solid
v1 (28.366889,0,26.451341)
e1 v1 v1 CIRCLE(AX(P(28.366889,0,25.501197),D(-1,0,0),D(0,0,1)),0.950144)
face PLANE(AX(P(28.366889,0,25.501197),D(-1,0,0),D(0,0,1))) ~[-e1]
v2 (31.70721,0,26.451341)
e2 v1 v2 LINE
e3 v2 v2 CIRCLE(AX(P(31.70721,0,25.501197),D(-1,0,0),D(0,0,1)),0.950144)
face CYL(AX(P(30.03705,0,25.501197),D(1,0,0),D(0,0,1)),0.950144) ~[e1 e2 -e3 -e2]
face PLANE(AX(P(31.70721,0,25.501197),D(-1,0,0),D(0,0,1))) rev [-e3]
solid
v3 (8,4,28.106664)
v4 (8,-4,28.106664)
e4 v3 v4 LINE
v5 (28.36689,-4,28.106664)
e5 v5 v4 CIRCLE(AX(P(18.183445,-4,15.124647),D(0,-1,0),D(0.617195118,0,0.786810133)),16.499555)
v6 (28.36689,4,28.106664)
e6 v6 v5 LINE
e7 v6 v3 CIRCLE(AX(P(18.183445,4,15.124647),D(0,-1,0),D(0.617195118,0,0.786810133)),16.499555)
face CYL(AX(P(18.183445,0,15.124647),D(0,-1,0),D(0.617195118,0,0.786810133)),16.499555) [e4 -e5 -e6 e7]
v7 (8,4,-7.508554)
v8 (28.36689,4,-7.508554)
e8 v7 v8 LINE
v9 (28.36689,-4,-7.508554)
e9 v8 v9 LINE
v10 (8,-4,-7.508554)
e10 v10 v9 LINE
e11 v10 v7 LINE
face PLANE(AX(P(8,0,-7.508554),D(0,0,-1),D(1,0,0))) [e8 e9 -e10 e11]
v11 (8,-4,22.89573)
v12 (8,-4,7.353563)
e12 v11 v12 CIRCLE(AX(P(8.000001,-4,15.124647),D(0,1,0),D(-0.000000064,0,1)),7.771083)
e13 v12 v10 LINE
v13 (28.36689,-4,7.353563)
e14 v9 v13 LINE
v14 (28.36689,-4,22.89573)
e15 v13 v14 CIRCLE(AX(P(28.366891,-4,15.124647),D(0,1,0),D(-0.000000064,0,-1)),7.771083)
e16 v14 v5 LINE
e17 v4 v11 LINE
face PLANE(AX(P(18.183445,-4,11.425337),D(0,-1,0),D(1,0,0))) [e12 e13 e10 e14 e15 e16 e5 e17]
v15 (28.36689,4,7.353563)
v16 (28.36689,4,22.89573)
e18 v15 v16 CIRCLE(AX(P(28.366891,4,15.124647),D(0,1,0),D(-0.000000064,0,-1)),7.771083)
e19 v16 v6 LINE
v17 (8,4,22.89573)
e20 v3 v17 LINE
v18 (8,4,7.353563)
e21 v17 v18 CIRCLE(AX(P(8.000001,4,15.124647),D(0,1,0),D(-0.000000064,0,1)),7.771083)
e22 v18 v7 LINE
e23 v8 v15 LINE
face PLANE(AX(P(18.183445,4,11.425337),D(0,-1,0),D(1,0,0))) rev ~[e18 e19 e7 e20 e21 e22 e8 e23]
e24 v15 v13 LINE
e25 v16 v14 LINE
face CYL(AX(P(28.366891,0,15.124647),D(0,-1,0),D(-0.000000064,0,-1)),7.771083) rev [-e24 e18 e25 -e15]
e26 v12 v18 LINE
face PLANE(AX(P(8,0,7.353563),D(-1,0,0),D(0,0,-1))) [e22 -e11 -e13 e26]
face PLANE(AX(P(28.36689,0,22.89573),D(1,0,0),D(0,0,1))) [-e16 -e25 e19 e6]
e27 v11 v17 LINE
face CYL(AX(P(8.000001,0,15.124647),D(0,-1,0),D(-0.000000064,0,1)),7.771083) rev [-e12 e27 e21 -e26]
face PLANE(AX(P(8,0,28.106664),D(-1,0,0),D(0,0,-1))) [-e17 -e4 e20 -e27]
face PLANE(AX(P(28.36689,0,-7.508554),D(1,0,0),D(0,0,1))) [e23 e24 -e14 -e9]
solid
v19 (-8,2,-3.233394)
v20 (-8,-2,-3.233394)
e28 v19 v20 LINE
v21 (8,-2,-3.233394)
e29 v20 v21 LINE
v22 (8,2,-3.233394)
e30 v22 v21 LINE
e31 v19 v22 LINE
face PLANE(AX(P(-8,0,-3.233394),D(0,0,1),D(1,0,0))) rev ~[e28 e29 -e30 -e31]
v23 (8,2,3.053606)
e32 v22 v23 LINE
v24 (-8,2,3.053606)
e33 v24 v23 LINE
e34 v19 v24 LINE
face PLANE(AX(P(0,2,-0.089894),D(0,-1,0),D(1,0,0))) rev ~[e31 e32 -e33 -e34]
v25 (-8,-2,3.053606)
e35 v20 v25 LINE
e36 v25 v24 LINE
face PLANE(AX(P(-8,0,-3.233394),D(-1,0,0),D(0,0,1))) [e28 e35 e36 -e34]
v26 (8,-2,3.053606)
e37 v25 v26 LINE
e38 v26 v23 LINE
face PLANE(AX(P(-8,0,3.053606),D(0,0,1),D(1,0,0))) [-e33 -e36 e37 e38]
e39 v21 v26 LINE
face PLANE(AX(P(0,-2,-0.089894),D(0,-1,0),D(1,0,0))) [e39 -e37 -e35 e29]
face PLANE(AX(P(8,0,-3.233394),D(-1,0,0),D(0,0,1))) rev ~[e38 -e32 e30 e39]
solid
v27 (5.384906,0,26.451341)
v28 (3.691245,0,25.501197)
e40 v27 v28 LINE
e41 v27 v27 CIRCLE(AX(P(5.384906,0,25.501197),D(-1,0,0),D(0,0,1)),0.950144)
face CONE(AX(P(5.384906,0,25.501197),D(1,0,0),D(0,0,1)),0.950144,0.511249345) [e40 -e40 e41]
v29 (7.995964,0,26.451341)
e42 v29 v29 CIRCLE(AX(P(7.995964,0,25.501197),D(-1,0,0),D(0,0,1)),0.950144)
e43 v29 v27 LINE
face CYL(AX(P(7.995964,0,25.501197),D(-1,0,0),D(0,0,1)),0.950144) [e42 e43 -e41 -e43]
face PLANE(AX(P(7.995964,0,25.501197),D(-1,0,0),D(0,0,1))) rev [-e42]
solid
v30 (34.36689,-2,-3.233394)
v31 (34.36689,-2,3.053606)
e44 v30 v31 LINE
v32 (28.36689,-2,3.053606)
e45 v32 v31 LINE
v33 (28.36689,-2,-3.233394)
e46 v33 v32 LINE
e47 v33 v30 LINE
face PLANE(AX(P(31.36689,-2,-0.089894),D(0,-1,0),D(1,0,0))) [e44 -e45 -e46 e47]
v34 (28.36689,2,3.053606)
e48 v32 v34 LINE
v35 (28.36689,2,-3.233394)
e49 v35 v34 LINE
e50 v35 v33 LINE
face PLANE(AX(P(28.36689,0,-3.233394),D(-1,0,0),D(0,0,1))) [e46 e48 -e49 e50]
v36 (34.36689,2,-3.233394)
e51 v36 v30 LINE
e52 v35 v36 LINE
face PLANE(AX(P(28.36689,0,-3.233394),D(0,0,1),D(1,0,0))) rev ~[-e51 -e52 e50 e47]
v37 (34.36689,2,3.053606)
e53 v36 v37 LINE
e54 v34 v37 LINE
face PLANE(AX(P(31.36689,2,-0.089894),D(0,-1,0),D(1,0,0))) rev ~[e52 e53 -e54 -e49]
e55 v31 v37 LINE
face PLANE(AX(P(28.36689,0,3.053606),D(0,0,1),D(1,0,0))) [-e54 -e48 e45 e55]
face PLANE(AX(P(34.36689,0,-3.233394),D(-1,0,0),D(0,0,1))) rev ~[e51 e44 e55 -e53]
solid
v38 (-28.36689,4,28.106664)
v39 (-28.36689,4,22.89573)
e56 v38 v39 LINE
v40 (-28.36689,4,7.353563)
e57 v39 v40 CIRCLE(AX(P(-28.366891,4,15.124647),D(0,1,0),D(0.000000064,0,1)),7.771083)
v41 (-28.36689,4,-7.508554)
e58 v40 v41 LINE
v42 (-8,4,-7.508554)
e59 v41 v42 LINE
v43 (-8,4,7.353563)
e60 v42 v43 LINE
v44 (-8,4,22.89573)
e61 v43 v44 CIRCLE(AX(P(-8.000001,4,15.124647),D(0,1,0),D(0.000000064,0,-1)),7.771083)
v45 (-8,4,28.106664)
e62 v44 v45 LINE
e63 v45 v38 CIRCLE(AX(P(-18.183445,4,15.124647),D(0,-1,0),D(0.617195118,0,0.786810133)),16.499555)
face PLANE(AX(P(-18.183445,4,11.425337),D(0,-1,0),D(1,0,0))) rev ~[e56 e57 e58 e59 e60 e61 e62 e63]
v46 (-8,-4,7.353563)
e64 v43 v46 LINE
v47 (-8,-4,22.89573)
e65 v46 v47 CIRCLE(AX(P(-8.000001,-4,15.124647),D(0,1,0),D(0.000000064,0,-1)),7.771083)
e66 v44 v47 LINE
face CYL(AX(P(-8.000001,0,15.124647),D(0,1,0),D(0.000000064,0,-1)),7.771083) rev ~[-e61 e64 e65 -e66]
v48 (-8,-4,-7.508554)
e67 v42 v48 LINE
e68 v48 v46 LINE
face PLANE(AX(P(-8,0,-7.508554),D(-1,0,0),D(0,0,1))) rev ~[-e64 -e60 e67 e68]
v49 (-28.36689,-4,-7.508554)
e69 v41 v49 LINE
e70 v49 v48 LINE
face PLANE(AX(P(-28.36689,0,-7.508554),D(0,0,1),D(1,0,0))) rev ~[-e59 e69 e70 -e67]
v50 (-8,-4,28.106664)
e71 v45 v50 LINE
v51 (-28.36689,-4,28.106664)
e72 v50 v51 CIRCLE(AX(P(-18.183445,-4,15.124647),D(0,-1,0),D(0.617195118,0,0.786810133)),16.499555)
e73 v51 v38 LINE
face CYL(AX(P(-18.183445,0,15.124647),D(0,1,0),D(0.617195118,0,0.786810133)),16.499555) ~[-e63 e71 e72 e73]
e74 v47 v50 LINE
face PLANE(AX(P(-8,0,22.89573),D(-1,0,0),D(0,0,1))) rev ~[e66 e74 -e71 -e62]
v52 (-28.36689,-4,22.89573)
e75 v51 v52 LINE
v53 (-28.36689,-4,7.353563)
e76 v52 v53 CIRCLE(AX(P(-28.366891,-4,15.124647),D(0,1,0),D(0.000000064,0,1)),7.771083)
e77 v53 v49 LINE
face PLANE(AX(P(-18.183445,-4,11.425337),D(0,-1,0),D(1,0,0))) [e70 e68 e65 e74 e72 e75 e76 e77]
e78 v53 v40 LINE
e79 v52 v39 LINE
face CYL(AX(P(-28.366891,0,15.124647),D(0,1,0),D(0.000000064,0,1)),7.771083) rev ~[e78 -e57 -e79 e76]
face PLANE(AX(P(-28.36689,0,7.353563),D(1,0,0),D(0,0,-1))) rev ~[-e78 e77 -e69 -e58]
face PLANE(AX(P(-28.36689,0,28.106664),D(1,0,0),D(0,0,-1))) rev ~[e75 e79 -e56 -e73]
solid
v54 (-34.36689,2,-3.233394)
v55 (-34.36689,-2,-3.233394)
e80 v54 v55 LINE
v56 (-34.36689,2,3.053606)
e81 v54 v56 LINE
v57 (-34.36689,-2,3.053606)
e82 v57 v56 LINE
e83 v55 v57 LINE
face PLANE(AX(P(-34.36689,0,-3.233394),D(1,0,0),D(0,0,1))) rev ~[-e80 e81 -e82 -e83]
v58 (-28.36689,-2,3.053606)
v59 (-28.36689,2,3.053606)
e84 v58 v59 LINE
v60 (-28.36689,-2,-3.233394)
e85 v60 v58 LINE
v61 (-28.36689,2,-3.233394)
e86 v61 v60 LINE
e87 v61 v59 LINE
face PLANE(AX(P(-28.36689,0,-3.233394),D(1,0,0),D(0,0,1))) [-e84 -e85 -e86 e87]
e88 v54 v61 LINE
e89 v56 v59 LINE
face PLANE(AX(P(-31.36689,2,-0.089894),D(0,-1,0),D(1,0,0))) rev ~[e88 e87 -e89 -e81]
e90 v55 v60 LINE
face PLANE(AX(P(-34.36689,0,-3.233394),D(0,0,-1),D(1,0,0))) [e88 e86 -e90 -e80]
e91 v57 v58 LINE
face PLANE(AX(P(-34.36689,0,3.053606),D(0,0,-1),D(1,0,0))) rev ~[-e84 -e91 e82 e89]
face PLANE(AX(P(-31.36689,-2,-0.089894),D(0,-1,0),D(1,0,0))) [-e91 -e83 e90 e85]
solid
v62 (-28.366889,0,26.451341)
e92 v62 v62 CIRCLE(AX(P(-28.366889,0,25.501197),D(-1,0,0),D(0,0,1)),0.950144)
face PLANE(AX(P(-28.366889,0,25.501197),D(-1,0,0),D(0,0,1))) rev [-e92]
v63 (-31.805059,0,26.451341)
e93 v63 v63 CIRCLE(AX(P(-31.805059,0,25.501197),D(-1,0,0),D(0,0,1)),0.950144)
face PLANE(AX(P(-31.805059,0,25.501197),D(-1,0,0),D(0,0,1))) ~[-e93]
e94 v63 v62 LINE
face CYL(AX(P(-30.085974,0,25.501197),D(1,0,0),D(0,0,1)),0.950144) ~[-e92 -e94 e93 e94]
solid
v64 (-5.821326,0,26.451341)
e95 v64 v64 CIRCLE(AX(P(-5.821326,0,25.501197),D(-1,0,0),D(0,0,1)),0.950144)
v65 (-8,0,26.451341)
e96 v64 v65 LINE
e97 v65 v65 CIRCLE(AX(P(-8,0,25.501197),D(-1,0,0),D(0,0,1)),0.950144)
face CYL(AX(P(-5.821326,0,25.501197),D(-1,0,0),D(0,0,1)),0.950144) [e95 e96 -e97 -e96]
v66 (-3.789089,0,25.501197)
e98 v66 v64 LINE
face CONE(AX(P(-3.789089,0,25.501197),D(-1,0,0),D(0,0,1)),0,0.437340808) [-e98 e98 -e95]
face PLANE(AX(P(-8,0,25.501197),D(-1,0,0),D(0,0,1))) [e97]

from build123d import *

# Parameters (mm, degrees)
F1_DEPTH = 4
F0_W     = 6
F0_H     = 6.286999
F0_W_2   = 16
F2_DEPTH = 2
F0_W_3   = 3.438169
F0_H_2   = 0.950144
F0_W_4   = 3.340321


with BuildPart() as f1:
    # F0 (on Front) → F1 (new body, symmetric)
    with BuildSketch(Plane.XZ):
        with BuildLine():
            Line((-28.36689, 7.353563), (-28.36689, 3.053606))
            Line((-28.36689, 3.053606), (-28.36689, -3.233393))
            Line((-28.36689, -3.233393), (-28.36689, -7.508554))
            Line((-28.36689, -7.508554), (-8, -7.508554))
            Line((-8, -7.508554), (-8, -3.233393))
            Line((-8, -3.233393), (-8, 3.053606))
            Line((-8, 3.053606), (-8, 7.353563))
            ThreePointArc((-8, 7.353563), (-15.771084, 15.124647), (-8, 22.89573))
            Line((-8, 22.89573), (-8, 24.438746))
            Line((-8, 24.438746), (-8, 25.501197))
            Line((-8, 25.501197), (-8, 26.451341))
            Line((-8, 26.451341), (-8, 28.106664))
            ThreePointArc((-8, 28.106664), (-18.183445, 31.624202), (-28.36689, 28.106664))
            Line((-28.36689, 28.106664), (-28.36689, 26.451341))
            Line((-28.36689, 26.451341), (-28.36689, 25.501197))
            Line((-28.36689, 25.501197), (-28.36689, 24.438746))
            Line((-28.36689, 24.438746), (-28.36689, 22.89573))
            ThreePointArc((-28.36689, 22.89573), (-20.595807, 15.124647), (-28.36689, 7.353563))
        make_face()
        with BuildLine():
            Line((8, 3.053606), (8, -3.233393))
            Line((8, -3.233393), (8, -7.508554))
            Line((8, -7.508554), (28.36689, -7.508554))
            Line((28.36689, -7.508554), (28.36689, -3.233393))
            Line((28.36689, -3.233393), (28.36689, 3.053606))
            Line((28.36689, 3.053606), (28.36689, 7.353563))
            ThreePointArc((28.36689, 7.353563), (20.595807, 15.124647), (28.36689, 22.89573))
            Line((28.36689, 22.89573), (28.36689, 24.438746))
            Line((28.36689, 24.438746), (28.36689, 25.501197))
            Line((28.36689, 25.501197), (28.36689, 26.451341))
            Line((28.36689, 26.451341), (28.36689, 28.106664))
            ThreePointArc((28.36689, 28.106664), (18.183445, 31.624202), (8, 28.106664))
            Line((8, 28.106664), (8, 22.89573))
            ThreePointArc((8, 22.89573), (15.771084, 15.124647), (8, 7.353563))
            Line((8, 7.353563), (8, 3.053606))
        make_face()
    extrude(amount=F1_DEPTH, both=True)


with BuildPart() as f2:
    # F0 (on Front) → F2 (new body, symmetric)
    with BuildSketch(Plane.XZ):
        with Locations((31.36689, -0.089894)):
            Rectangle(F0_W, F0_H)
        with Locations((0, -0.089894)):
            Rectangle(F0_W_2, F0_H)
        with Locations((-31.36689, -0.089894)):
            Rectangle(F0_W, F0_H)
    extrude(amount=F2_DEPTH, both=True)


with BuildPart() as f3:
    # F0 (on Front) → F3 (revolve)
    with BuildSketch(Plane.XZ):
        Polygon((-5.821326, 26.451341), (-8, 26.451341), (-8, 25.501197), (-3.789089, 25.501197), align=None)
        with Locations((-30.085974, 25.976269)):
            Rectangle(F0_W_3, F0_H_2)
        Polygon((5.384906, 26.451341), (3.691245, 25.501197), (7.995964, 25.501197), (7.995964, 26.451341), align=None)
        with Locations((30.03705, 25.976269)):
            Rectangle(F0_W_4, F0_H_2)
    revolve(axis=Axis((-5.894544, 0, 25.501197), (-1, 0, 0)))


solid = Compound([f1.part, f2.part, f3.part])
